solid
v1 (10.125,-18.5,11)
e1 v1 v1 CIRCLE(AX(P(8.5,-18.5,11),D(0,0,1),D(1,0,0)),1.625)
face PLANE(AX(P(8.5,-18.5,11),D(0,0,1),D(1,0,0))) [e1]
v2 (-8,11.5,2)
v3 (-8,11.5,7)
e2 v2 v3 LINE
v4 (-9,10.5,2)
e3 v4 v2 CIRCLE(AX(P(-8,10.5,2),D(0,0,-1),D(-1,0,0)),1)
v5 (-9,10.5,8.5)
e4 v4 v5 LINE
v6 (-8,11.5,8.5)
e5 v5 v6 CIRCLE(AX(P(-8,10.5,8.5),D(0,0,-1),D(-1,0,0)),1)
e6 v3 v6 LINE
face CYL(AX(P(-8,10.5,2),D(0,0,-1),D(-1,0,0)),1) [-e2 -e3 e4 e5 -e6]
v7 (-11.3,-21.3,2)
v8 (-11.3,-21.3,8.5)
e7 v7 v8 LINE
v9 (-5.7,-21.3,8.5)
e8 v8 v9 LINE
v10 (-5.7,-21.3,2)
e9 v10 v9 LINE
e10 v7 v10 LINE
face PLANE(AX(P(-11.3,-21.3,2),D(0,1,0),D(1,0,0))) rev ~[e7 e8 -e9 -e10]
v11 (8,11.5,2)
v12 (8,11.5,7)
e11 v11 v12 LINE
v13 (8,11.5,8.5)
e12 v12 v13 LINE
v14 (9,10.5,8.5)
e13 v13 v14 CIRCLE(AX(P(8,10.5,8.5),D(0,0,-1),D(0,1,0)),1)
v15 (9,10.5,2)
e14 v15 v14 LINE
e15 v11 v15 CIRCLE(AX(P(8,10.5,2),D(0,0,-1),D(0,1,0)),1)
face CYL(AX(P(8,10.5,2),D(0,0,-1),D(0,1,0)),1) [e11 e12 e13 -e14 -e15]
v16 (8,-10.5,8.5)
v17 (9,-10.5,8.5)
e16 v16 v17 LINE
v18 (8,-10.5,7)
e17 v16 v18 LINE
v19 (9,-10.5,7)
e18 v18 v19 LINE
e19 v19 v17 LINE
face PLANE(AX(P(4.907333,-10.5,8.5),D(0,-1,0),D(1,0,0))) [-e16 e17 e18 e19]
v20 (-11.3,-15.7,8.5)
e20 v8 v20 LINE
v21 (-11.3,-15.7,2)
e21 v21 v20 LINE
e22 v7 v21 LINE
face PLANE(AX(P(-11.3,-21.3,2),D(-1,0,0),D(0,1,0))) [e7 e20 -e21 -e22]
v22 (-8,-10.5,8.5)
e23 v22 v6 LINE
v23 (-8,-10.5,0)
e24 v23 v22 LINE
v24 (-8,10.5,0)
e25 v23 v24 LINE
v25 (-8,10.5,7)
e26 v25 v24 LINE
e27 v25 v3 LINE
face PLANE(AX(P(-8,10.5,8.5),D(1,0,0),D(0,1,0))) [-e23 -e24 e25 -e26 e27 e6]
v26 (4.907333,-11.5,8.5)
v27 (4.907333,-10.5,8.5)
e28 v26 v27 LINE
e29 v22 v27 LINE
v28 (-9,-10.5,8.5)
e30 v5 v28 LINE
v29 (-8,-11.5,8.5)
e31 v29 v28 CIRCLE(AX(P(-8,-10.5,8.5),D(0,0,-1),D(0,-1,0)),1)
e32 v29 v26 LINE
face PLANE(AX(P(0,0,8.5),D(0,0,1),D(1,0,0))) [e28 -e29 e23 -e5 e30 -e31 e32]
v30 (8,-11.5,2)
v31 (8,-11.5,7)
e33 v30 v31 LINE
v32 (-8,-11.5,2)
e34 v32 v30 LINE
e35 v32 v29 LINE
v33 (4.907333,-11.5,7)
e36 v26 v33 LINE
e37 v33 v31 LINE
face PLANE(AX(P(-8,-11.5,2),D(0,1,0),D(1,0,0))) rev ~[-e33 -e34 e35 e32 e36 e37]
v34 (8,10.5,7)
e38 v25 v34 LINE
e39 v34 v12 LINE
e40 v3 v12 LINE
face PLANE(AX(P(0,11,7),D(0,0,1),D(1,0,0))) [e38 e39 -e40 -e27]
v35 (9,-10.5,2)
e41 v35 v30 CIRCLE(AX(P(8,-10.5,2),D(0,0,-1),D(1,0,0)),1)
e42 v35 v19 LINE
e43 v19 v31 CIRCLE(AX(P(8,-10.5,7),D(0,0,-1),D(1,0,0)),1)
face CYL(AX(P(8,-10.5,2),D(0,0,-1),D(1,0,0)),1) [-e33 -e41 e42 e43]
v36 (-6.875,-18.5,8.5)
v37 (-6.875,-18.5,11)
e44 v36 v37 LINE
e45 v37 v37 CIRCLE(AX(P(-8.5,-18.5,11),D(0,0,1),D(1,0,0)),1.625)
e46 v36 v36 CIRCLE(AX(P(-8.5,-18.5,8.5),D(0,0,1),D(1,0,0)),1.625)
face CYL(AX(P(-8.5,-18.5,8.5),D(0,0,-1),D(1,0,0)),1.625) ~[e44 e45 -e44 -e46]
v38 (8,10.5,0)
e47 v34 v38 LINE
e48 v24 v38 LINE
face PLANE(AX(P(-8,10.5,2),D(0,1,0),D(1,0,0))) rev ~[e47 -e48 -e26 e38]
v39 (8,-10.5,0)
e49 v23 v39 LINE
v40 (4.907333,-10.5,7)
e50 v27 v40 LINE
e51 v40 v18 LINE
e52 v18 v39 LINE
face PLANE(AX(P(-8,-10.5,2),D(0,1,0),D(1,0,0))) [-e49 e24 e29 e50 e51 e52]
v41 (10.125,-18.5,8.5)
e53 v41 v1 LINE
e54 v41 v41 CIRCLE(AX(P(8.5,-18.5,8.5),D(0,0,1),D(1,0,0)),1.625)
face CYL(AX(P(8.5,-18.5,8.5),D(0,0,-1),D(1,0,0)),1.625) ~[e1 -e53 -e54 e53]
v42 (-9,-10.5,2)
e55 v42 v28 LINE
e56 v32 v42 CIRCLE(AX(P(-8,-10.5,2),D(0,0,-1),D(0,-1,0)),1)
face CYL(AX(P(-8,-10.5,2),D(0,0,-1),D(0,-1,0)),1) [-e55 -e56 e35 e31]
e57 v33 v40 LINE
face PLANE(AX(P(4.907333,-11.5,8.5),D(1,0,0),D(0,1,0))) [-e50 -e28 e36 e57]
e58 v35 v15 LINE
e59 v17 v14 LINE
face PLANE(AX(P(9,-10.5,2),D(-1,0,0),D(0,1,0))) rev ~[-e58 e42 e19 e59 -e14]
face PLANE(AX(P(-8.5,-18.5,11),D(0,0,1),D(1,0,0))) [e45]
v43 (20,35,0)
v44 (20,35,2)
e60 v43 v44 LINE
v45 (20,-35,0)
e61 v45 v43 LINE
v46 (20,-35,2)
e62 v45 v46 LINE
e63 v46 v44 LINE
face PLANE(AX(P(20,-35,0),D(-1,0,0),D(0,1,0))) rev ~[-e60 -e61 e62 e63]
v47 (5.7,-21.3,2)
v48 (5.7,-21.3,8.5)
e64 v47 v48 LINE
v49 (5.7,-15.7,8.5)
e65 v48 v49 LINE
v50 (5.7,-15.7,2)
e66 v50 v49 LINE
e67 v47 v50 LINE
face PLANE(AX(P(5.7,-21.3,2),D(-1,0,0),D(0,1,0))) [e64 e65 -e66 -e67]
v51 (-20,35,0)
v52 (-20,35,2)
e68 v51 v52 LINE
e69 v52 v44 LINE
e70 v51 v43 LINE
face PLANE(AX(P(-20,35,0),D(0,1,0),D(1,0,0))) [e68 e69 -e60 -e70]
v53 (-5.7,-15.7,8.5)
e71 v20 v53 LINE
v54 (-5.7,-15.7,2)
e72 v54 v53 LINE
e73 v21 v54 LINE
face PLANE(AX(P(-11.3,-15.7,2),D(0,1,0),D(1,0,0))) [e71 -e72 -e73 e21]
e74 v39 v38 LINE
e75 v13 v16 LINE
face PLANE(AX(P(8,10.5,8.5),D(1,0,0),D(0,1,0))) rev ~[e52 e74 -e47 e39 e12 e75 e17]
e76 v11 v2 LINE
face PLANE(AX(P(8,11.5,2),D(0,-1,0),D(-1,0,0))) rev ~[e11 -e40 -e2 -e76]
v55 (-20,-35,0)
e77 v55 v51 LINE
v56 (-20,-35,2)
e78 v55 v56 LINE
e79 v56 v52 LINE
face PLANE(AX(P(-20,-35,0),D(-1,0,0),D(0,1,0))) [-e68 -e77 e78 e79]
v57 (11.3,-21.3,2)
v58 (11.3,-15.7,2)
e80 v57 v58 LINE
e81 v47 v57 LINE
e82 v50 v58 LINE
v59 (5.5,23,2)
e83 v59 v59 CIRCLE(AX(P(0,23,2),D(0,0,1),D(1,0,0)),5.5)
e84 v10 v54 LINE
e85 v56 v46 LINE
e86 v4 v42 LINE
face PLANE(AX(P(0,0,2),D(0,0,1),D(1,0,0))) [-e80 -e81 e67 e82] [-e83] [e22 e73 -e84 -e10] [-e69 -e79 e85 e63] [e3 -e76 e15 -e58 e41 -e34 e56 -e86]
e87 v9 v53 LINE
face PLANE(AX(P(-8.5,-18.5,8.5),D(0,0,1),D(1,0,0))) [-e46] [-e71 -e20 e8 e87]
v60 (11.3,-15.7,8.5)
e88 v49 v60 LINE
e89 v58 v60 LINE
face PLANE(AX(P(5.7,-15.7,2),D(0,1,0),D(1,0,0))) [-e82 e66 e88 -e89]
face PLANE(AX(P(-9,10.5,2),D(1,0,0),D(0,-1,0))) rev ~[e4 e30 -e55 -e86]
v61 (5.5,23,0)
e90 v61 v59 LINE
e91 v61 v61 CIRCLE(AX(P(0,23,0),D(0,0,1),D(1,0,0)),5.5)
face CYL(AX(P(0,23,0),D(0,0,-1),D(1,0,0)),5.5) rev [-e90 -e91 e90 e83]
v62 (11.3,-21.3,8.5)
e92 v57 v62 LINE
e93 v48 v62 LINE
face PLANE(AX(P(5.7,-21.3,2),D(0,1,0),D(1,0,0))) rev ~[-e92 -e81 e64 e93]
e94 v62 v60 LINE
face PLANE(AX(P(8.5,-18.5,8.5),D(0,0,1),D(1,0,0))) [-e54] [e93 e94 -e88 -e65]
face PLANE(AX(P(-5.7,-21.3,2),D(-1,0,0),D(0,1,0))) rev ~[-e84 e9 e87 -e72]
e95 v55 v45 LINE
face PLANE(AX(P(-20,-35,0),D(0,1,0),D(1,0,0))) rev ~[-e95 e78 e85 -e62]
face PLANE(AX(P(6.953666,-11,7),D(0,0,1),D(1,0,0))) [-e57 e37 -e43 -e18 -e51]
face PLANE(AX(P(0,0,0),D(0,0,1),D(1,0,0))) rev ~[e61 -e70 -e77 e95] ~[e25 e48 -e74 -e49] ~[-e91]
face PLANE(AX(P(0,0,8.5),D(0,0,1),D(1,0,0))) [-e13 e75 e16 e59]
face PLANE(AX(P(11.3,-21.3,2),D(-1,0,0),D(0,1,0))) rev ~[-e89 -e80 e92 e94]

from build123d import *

# Parameters (mm, degrees)
SKETCH_W      = 40
SKETCH_H      = 70
SKETCH_R      = 5.5
SKETCH_W_2    = 16
SKETCH_H_2    = 21
PAD_DEPTH     = 2
SKETCH001_W   = 5.6
SKETCH001_H   = 5.6
SKETCH001_W_2 = 16
SKETCH001_H_2 = 21
PAD001_DEPTH  = 6.5
SKETCH002_W   = 16
SKETCH002_H   = 1
SKETCH002_W_2 = 4.092667
POCKET_DEPTH  = 1.5
SKETCH003_R   = 1.625
PAD002_DEPTH  = 2.5


with BuildPart() as part:
    # Sketch → Pad (new body)
    with BuildSketch(Plane.XY):
        Rectangle(SKETCH_W, SKETCH_H)
        with Locations((0, 23)):
            Circle(SKETCH_R, mode=Mode.SUBTRACT)
        Rectangle(SKETCH_W_2, SKETCH_H_2, mode=Mode.SUBTRACT)
    extrude(amount=PAD_DEPTH)

    # Sketch001 (on Face11 of Pad) → Pad001 (join)
    with BuildSketch(Plane.XY.offset(2)):
        with Locations((-8.5, -18.5)):
            Rectangle(SKETCH001_W, SKETCH001_H)
        with Locations((8.5, -18.5)):
            Rectangle(SKETCH001_W, SKETCH001_H)
        with BuildLine():
            Line((-8, -11.5), (8, -11.5))
            ThreePointArc((9, -10.5), (8.7071067812, -11.2071067812), (8, -11.5))
            Line((9, -10.5), (9, 10.5))
            ThreePointArc((8, 11.5), (8.7071067812, 11.2071067812), (9, 10.5))
            Line((8, 11.5), (-8, 11.5))
            ThreePointArc((-9, 10.5), (-8.7071067812, 11.2071067812), (-8, 11.5))
            Line((-9, 10.5), (-9, -10.5))
            ThreePointArc((-8, -11.5), (-8.7071067812, -11.2071067812), (-9, -10.5))
        make_face()
        Rectangle(SKETCH001_W_2, SKETCH001_H_2, mode=Mode.SUBTRACT)
    extrude(amount=PAD001_DEPTH)

    # Sketch002 (on Face34 of Pad001) → Pocket (cut)
    with BuildSketch(Plane.XY.offset(8.5)):
        with Locations((0, 11)):
            Rectangle(SKETCH002_W, SKETCH002_H)
        with Locations((6.9536665, -11)):
            Rectangle(SKETCH002_W_2, SKETCH002_H)
    extrude(amount=-POCKET_DEPTH, mode=Mode.SUBTRACT)

    # Sketch003 (on Face32 of Pocket) → Pad002 (join)
    with BuildSketch(Plane.XY.offset(8.5)):
        with Locations((-8.5, -18.5)):
            Circle(SKETCH003_R)
        with Locations((8.5, -18.5)):
            Circle(SKETCH003_R)
    extrude(amount=PAD002_DEPTH)


solid = part.part
